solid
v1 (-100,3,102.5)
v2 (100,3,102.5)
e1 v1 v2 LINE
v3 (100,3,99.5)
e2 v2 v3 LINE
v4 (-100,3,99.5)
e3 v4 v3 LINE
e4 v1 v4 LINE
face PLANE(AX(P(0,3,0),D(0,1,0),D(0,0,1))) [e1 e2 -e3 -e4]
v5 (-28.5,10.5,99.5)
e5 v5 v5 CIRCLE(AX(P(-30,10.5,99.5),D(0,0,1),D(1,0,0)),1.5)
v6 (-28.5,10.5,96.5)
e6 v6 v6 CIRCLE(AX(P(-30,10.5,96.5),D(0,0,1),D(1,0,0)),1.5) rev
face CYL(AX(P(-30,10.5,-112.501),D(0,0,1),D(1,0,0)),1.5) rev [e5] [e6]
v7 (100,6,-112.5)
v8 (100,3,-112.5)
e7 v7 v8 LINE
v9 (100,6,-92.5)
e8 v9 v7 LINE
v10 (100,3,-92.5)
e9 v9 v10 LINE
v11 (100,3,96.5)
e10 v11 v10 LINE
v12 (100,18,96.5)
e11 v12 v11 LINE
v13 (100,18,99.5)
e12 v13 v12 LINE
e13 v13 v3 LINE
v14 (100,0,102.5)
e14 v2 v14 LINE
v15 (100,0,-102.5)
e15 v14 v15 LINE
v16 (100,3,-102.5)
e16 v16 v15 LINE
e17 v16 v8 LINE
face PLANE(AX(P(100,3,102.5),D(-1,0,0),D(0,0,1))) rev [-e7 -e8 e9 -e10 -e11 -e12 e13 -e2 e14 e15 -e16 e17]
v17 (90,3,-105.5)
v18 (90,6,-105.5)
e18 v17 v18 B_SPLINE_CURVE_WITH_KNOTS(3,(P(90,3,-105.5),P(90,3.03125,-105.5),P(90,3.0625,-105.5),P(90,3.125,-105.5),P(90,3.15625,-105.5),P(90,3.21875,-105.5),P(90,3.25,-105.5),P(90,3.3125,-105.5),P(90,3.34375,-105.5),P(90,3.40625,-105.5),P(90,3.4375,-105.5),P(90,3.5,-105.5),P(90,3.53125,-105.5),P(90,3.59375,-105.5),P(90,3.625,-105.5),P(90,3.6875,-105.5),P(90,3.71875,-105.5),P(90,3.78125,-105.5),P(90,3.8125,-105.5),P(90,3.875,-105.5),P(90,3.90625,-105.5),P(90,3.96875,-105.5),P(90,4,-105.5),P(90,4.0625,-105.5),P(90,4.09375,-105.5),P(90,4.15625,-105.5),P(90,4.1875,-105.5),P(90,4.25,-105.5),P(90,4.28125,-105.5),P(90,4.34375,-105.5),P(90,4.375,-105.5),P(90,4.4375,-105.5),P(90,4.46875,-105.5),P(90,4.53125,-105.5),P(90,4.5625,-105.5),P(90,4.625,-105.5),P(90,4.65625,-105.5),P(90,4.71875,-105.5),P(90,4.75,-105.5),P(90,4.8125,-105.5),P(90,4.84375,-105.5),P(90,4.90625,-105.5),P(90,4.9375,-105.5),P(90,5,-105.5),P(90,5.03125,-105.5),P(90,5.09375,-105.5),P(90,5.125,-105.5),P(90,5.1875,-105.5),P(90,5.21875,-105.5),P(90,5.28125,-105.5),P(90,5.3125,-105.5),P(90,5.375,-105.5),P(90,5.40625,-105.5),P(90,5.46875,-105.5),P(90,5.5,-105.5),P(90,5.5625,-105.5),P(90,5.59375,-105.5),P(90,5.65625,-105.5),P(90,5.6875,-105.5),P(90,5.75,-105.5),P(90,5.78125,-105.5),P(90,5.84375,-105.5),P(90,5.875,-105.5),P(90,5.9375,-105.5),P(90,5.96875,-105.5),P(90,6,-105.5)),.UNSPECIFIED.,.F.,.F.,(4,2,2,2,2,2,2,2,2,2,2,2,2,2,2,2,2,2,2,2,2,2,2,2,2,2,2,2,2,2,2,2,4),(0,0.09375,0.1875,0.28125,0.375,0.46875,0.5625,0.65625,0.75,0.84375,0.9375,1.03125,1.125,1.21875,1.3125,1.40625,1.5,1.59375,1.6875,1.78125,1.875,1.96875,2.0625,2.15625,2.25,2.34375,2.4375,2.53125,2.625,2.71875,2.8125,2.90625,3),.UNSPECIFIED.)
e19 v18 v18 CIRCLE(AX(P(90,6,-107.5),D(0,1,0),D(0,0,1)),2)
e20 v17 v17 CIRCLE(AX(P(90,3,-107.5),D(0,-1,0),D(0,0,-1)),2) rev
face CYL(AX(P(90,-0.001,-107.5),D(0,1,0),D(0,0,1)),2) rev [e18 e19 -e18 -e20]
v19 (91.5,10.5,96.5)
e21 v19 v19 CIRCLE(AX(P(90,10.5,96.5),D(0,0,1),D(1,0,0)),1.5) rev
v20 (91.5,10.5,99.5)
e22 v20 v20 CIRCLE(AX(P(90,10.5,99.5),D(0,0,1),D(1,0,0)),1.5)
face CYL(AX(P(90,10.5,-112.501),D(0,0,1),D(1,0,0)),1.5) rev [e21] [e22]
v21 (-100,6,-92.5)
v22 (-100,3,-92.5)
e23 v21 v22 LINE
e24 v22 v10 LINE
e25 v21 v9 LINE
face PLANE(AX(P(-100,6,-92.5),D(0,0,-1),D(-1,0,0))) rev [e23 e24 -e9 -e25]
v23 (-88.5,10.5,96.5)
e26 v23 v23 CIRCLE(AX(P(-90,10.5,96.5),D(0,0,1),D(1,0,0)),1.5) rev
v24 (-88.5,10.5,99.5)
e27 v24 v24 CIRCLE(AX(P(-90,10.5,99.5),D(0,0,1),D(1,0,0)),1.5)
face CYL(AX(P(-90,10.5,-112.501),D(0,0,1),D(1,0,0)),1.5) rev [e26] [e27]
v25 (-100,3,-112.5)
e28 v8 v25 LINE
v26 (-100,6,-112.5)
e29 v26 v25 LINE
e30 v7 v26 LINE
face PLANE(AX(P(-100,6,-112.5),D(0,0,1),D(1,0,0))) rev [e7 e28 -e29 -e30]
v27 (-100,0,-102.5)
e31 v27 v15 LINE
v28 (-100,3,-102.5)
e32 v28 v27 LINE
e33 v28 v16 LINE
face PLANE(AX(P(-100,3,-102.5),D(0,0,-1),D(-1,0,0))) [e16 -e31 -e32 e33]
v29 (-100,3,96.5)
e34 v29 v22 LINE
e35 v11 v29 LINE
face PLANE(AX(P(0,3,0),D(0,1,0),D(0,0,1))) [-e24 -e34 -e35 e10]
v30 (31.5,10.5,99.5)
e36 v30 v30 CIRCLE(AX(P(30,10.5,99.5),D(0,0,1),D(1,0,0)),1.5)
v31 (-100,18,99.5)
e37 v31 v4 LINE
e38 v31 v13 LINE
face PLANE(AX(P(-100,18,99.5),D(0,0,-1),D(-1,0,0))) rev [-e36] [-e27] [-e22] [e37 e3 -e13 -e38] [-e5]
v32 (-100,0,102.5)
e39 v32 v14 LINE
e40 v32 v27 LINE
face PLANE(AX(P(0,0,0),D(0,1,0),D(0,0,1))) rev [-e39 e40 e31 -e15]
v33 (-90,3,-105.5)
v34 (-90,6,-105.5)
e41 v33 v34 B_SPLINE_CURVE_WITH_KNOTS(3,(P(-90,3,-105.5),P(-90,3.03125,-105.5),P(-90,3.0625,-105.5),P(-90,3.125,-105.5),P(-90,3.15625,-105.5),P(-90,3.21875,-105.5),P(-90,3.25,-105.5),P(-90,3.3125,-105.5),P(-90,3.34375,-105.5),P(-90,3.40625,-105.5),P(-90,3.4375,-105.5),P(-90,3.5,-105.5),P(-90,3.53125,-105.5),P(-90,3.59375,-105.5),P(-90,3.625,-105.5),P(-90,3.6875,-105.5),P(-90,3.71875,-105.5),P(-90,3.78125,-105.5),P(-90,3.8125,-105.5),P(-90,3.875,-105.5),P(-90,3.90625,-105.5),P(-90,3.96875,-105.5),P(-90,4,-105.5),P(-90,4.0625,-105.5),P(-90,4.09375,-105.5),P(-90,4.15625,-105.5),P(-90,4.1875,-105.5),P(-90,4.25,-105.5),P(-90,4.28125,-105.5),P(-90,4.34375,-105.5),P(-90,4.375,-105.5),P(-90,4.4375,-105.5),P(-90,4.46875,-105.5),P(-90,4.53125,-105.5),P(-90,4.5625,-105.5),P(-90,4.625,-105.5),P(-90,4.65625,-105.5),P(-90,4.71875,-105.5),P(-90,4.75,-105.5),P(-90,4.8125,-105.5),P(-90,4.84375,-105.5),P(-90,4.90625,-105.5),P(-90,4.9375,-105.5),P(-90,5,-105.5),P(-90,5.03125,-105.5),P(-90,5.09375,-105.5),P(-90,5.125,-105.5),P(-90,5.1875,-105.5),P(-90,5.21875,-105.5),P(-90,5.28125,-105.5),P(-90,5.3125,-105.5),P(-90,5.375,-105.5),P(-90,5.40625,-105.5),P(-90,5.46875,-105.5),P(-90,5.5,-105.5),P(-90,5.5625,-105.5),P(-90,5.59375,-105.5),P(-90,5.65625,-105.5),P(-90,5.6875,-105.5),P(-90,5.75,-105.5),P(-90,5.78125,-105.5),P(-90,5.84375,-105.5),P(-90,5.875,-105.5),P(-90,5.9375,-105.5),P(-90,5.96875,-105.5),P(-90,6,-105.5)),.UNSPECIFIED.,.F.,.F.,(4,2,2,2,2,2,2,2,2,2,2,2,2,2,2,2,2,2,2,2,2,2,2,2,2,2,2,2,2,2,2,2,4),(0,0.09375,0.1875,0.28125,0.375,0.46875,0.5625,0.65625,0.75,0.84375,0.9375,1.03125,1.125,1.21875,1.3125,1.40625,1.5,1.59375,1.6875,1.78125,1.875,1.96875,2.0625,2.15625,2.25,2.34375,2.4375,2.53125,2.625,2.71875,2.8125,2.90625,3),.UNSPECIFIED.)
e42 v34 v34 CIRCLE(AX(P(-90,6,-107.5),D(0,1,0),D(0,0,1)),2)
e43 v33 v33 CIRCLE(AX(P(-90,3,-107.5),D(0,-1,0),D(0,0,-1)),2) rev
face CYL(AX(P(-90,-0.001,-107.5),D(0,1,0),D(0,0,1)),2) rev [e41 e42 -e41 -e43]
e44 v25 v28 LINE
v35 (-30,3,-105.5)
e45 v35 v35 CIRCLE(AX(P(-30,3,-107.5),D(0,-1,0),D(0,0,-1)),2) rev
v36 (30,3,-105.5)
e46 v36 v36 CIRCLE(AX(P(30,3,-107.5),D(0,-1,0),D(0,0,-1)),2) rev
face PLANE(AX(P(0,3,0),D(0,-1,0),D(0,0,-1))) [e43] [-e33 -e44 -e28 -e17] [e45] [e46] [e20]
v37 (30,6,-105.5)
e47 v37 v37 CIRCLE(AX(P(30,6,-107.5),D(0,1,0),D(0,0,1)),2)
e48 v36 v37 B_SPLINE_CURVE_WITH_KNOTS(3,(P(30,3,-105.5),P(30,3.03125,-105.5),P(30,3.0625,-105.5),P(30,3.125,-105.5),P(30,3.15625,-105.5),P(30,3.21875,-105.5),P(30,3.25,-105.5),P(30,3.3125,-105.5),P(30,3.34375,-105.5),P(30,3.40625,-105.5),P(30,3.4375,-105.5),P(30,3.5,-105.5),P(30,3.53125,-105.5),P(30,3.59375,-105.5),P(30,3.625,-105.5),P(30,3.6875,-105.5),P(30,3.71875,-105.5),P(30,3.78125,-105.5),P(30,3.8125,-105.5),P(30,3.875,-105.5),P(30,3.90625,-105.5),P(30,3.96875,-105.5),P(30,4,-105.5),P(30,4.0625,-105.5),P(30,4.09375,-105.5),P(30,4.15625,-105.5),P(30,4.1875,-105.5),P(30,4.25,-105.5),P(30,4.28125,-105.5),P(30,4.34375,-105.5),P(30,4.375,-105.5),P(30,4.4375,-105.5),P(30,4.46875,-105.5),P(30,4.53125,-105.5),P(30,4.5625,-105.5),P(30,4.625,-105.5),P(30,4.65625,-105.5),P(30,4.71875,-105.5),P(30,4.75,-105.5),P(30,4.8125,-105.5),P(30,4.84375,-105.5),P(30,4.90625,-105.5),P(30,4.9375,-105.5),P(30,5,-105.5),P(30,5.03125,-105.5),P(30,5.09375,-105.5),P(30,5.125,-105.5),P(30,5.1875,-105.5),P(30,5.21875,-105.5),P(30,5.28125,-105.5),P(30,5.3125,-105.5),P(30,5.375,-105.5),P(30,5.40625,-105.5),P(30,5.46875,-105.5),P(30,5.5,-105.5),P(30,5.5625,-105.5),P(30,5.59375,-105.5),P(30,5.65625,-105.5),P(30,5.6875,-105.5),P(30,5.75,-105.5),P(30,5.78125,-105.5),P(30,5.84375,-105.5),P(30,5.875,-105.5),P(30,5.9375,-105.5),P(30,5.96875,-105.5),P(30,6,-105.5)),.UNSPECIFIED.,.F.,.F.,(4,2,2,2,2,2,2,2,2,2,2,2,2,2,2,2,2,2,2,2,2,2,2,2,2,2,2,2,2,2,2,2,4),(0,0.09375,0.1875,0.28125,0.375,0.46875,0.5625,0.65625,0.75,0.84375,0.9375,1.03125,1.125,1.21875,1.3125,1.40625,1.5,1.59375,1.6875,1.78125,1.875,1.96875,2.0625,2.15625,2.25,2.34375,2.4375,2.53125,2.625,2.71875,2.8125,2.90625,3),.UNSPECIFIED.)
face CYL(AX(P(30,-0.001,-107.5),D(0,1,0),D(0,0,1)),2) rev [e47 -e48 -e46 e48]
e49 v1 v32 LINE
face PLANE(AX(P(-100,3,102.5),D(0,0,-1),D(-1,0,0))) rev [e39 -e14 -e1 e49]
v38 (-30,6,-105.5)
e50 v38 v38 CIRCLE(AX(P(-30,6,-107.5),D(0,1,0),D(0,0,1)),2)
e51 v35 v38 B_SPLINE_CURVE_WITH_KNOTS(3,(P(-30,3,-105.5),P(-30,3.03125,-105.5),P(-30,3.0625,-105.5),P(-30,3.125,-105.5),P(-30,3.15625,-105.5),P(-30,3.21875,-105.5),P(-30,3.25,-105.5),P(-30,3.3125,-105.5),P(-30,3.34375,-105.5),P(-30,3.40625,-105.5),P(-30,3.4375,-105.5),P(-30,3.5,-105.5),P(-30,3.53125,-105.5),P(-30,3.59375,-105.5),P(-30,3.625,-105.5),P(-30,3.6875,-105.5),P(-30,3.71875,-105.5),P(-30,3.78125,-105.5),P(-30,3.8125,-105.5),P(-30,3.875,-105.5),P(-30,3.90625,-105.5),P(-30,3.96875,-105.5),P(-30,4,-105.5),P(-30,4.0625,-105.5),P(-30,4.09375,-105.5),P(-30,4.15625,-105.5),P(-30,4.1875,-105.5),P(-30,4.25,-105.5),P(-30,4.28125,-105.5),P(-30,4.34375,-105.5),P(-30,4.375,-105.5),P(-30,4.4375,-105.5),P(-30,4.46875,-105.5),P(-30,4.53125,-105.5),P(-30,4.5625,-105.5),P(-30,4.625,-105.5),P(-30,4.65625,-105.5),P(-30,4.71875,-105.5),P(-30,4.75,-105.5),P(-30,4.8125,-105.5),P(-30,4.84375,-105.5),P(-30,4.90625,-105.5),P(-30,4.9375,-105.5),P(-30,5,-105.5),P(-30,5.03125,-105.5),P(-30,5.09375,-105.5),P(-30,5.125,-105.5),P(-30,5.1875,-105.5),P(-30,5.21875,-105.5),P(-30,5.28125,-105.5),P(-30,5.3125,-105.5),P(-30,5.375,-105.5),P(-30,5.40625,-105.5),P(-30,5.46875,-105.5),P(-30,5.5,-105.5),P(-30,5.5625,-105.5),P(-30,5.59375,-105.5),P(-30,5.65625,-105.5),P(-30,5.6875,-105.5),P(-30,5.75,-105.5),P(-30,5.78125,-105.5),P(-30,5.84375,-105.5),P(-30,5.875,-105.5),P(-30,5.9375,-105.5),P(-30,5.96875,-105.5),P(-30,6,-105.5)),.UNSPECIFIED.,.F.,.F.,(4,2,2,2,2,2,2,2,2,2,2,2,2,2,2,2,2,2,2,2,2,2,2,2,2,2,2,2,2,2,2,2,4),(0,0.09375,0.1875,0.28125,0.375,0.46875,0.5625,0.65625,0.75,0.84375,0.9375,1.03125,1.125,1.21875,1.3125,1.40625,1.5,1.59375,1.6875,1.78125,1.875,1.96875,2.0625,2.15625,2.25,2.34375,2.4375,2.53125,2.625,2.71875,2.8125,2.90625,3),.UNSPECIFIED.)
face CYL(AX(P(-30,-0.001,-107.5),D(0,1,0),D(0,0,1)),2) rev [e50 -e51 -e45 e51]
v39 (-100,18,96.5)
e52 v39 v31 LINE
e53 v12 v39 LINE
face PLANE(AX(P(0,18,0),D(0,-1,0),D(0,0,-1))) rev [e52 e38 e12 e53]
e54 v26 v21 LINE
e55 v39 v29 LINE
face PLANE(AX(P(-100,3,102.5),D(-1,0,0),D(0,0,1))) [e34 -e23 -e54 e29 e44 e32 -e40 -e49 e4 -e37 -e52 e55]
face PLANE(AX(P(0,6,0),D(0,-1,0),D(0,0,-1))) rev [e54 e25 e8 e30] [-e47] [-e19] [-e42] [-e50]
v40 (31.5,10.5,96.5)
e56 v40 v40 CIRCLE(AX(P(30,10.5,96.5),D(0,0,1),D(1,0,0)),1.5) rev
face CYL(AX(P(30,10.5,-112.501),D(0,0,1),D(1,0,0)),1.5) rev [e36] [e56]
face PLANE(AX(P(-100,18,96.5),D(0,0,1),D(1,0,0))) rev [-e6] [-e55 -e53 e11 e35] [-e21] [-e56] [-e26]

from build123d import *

# Parameters (mm, degrees)
SKETCH1_W           = 200
SKETCH1_H           = 205
BOSS_EXTRUDE1_DEPTH = 3
SKETCH2_W           = 200
SKETCH2_H           = 20
BOSS_EXTRUDE2_DEPTH = 3
CUT_EXTRUDE1_REACH  = 152.639
SKETCH3_R           = 2
LPATTERN1_COUNT     = 4
LPATTERN1_PITCH     = 60
SKETCH4_W           = 200
SKETCH4_H           = 3
BOSS_EXTRUDE3_DEPTH = 15
CUT_EXTRUDE2_REACH  = 237.091
SKETCH5_R           = 1.5
LPATTERN2_COUNT     = 4
LPATTERN2_PITCH     = 60


with BuildPart() as part:
    # Sketch1 → Boss-Extrude1 (new body)
    with BuildSketch(Plane(origin=(0, 0, 0), x_dir=(1, 0, 0), z_dir=(0, 1, 0))):
        Rectangle(SKETCH1_W, SKETCH1_H)
    extrude(amount=BOSS_EXTRUDE1_DEPTH)

    # Sketch2 → Boss-Extrude2 (add)
    with BuildSketch(Plane(origin=(0, 3, 0), x_dir=(1, 0, 0), z_dir=(0, 1, 0))):
        with Locations((0, 102.5)):
            Rectangle(SKETCH2_W, SKETCH2_H)
    extrude(amount=BOSS_EXTRUDE2_DEPTH)

    # Sketch3 → Cut-Extrude1 (cut, up to next)
    with BuildSketch(Plane(origin=(0, 6, 0), x_dir=(1, 0, 0), z_dir=(0, 1, 0)), mode=Mode.PRIVATE) as cut_extrude1_sk1:
        with Locations(Location((-90, 107.5, 0), (0, 0, 270))):
            Circle(SKETCH3_R)
    cut_extrude1_tool1 = extrude(cut_extrude1_sk1.sketch, amount=-CUT_EXTRUDE1_REACH, mode=Mode.PRIVATE) & part.part
    cut_extrude1 = cut_extrude1_tool1.solids().sort_by_distance((-90, 6, -107.5))[0]
    add(cut_extrude1, mode=Mode.SUBTRACT)

    # LPattern1: Cut-Extrude1 ×4
    with Locations(*[(i * LPATTERN1_PITCH, 0, 0) for i in range(1, LPATTERN1_COUNT)]):
        add(cut_extrude1, mode=Mode.SUBTRACT)

    # Sketch4 → Boss-Extrude3 (add)
    with BuildSketch(Plane(origin=(0, 3, 0), x_dir=(1, 0, 0), z_dir=(0, 1, 0))):
        with Locations((0, -98)):
            Rectangle(SKETCH4_W, SKETCH4_H)
    extrude(amount=BOSS_EXTRUDE3_DEPTH)

    # Sketch5 → Cut-Extrude2 (cut, up to next)
    with BuildSketch(Plane.XY.offset(99.5), mode=Mode.PRIVATE) as cut_extrude2_sk1:
        with Locations((-90, 10.5)):
            Circle(SKETCH5_R)
    cut_extrude2_tool1 = extrude(cut_extrude2_sk1.sketch, amount=-CUT_EXTRUDE2_REACH, mode=Mode.PRIVATE) & part.part
    cut_extrude2 = cut_extrude2_tool1.solids().sort_by_distance((-90, 10.5, 99.5))[0]
    add(cut_extrude2, mode=Mode.SUBTRACT)

    # LPattern2: Cut-Extrude2 ×4
    with Locations(*[(i * LPATTERN2_PITCH, 0, 0) for i in range(1, LPATTERN2_COUNT)]):
        add(cut_extrude2, mode=Mode.SUBTRACT)


solid = part.part
